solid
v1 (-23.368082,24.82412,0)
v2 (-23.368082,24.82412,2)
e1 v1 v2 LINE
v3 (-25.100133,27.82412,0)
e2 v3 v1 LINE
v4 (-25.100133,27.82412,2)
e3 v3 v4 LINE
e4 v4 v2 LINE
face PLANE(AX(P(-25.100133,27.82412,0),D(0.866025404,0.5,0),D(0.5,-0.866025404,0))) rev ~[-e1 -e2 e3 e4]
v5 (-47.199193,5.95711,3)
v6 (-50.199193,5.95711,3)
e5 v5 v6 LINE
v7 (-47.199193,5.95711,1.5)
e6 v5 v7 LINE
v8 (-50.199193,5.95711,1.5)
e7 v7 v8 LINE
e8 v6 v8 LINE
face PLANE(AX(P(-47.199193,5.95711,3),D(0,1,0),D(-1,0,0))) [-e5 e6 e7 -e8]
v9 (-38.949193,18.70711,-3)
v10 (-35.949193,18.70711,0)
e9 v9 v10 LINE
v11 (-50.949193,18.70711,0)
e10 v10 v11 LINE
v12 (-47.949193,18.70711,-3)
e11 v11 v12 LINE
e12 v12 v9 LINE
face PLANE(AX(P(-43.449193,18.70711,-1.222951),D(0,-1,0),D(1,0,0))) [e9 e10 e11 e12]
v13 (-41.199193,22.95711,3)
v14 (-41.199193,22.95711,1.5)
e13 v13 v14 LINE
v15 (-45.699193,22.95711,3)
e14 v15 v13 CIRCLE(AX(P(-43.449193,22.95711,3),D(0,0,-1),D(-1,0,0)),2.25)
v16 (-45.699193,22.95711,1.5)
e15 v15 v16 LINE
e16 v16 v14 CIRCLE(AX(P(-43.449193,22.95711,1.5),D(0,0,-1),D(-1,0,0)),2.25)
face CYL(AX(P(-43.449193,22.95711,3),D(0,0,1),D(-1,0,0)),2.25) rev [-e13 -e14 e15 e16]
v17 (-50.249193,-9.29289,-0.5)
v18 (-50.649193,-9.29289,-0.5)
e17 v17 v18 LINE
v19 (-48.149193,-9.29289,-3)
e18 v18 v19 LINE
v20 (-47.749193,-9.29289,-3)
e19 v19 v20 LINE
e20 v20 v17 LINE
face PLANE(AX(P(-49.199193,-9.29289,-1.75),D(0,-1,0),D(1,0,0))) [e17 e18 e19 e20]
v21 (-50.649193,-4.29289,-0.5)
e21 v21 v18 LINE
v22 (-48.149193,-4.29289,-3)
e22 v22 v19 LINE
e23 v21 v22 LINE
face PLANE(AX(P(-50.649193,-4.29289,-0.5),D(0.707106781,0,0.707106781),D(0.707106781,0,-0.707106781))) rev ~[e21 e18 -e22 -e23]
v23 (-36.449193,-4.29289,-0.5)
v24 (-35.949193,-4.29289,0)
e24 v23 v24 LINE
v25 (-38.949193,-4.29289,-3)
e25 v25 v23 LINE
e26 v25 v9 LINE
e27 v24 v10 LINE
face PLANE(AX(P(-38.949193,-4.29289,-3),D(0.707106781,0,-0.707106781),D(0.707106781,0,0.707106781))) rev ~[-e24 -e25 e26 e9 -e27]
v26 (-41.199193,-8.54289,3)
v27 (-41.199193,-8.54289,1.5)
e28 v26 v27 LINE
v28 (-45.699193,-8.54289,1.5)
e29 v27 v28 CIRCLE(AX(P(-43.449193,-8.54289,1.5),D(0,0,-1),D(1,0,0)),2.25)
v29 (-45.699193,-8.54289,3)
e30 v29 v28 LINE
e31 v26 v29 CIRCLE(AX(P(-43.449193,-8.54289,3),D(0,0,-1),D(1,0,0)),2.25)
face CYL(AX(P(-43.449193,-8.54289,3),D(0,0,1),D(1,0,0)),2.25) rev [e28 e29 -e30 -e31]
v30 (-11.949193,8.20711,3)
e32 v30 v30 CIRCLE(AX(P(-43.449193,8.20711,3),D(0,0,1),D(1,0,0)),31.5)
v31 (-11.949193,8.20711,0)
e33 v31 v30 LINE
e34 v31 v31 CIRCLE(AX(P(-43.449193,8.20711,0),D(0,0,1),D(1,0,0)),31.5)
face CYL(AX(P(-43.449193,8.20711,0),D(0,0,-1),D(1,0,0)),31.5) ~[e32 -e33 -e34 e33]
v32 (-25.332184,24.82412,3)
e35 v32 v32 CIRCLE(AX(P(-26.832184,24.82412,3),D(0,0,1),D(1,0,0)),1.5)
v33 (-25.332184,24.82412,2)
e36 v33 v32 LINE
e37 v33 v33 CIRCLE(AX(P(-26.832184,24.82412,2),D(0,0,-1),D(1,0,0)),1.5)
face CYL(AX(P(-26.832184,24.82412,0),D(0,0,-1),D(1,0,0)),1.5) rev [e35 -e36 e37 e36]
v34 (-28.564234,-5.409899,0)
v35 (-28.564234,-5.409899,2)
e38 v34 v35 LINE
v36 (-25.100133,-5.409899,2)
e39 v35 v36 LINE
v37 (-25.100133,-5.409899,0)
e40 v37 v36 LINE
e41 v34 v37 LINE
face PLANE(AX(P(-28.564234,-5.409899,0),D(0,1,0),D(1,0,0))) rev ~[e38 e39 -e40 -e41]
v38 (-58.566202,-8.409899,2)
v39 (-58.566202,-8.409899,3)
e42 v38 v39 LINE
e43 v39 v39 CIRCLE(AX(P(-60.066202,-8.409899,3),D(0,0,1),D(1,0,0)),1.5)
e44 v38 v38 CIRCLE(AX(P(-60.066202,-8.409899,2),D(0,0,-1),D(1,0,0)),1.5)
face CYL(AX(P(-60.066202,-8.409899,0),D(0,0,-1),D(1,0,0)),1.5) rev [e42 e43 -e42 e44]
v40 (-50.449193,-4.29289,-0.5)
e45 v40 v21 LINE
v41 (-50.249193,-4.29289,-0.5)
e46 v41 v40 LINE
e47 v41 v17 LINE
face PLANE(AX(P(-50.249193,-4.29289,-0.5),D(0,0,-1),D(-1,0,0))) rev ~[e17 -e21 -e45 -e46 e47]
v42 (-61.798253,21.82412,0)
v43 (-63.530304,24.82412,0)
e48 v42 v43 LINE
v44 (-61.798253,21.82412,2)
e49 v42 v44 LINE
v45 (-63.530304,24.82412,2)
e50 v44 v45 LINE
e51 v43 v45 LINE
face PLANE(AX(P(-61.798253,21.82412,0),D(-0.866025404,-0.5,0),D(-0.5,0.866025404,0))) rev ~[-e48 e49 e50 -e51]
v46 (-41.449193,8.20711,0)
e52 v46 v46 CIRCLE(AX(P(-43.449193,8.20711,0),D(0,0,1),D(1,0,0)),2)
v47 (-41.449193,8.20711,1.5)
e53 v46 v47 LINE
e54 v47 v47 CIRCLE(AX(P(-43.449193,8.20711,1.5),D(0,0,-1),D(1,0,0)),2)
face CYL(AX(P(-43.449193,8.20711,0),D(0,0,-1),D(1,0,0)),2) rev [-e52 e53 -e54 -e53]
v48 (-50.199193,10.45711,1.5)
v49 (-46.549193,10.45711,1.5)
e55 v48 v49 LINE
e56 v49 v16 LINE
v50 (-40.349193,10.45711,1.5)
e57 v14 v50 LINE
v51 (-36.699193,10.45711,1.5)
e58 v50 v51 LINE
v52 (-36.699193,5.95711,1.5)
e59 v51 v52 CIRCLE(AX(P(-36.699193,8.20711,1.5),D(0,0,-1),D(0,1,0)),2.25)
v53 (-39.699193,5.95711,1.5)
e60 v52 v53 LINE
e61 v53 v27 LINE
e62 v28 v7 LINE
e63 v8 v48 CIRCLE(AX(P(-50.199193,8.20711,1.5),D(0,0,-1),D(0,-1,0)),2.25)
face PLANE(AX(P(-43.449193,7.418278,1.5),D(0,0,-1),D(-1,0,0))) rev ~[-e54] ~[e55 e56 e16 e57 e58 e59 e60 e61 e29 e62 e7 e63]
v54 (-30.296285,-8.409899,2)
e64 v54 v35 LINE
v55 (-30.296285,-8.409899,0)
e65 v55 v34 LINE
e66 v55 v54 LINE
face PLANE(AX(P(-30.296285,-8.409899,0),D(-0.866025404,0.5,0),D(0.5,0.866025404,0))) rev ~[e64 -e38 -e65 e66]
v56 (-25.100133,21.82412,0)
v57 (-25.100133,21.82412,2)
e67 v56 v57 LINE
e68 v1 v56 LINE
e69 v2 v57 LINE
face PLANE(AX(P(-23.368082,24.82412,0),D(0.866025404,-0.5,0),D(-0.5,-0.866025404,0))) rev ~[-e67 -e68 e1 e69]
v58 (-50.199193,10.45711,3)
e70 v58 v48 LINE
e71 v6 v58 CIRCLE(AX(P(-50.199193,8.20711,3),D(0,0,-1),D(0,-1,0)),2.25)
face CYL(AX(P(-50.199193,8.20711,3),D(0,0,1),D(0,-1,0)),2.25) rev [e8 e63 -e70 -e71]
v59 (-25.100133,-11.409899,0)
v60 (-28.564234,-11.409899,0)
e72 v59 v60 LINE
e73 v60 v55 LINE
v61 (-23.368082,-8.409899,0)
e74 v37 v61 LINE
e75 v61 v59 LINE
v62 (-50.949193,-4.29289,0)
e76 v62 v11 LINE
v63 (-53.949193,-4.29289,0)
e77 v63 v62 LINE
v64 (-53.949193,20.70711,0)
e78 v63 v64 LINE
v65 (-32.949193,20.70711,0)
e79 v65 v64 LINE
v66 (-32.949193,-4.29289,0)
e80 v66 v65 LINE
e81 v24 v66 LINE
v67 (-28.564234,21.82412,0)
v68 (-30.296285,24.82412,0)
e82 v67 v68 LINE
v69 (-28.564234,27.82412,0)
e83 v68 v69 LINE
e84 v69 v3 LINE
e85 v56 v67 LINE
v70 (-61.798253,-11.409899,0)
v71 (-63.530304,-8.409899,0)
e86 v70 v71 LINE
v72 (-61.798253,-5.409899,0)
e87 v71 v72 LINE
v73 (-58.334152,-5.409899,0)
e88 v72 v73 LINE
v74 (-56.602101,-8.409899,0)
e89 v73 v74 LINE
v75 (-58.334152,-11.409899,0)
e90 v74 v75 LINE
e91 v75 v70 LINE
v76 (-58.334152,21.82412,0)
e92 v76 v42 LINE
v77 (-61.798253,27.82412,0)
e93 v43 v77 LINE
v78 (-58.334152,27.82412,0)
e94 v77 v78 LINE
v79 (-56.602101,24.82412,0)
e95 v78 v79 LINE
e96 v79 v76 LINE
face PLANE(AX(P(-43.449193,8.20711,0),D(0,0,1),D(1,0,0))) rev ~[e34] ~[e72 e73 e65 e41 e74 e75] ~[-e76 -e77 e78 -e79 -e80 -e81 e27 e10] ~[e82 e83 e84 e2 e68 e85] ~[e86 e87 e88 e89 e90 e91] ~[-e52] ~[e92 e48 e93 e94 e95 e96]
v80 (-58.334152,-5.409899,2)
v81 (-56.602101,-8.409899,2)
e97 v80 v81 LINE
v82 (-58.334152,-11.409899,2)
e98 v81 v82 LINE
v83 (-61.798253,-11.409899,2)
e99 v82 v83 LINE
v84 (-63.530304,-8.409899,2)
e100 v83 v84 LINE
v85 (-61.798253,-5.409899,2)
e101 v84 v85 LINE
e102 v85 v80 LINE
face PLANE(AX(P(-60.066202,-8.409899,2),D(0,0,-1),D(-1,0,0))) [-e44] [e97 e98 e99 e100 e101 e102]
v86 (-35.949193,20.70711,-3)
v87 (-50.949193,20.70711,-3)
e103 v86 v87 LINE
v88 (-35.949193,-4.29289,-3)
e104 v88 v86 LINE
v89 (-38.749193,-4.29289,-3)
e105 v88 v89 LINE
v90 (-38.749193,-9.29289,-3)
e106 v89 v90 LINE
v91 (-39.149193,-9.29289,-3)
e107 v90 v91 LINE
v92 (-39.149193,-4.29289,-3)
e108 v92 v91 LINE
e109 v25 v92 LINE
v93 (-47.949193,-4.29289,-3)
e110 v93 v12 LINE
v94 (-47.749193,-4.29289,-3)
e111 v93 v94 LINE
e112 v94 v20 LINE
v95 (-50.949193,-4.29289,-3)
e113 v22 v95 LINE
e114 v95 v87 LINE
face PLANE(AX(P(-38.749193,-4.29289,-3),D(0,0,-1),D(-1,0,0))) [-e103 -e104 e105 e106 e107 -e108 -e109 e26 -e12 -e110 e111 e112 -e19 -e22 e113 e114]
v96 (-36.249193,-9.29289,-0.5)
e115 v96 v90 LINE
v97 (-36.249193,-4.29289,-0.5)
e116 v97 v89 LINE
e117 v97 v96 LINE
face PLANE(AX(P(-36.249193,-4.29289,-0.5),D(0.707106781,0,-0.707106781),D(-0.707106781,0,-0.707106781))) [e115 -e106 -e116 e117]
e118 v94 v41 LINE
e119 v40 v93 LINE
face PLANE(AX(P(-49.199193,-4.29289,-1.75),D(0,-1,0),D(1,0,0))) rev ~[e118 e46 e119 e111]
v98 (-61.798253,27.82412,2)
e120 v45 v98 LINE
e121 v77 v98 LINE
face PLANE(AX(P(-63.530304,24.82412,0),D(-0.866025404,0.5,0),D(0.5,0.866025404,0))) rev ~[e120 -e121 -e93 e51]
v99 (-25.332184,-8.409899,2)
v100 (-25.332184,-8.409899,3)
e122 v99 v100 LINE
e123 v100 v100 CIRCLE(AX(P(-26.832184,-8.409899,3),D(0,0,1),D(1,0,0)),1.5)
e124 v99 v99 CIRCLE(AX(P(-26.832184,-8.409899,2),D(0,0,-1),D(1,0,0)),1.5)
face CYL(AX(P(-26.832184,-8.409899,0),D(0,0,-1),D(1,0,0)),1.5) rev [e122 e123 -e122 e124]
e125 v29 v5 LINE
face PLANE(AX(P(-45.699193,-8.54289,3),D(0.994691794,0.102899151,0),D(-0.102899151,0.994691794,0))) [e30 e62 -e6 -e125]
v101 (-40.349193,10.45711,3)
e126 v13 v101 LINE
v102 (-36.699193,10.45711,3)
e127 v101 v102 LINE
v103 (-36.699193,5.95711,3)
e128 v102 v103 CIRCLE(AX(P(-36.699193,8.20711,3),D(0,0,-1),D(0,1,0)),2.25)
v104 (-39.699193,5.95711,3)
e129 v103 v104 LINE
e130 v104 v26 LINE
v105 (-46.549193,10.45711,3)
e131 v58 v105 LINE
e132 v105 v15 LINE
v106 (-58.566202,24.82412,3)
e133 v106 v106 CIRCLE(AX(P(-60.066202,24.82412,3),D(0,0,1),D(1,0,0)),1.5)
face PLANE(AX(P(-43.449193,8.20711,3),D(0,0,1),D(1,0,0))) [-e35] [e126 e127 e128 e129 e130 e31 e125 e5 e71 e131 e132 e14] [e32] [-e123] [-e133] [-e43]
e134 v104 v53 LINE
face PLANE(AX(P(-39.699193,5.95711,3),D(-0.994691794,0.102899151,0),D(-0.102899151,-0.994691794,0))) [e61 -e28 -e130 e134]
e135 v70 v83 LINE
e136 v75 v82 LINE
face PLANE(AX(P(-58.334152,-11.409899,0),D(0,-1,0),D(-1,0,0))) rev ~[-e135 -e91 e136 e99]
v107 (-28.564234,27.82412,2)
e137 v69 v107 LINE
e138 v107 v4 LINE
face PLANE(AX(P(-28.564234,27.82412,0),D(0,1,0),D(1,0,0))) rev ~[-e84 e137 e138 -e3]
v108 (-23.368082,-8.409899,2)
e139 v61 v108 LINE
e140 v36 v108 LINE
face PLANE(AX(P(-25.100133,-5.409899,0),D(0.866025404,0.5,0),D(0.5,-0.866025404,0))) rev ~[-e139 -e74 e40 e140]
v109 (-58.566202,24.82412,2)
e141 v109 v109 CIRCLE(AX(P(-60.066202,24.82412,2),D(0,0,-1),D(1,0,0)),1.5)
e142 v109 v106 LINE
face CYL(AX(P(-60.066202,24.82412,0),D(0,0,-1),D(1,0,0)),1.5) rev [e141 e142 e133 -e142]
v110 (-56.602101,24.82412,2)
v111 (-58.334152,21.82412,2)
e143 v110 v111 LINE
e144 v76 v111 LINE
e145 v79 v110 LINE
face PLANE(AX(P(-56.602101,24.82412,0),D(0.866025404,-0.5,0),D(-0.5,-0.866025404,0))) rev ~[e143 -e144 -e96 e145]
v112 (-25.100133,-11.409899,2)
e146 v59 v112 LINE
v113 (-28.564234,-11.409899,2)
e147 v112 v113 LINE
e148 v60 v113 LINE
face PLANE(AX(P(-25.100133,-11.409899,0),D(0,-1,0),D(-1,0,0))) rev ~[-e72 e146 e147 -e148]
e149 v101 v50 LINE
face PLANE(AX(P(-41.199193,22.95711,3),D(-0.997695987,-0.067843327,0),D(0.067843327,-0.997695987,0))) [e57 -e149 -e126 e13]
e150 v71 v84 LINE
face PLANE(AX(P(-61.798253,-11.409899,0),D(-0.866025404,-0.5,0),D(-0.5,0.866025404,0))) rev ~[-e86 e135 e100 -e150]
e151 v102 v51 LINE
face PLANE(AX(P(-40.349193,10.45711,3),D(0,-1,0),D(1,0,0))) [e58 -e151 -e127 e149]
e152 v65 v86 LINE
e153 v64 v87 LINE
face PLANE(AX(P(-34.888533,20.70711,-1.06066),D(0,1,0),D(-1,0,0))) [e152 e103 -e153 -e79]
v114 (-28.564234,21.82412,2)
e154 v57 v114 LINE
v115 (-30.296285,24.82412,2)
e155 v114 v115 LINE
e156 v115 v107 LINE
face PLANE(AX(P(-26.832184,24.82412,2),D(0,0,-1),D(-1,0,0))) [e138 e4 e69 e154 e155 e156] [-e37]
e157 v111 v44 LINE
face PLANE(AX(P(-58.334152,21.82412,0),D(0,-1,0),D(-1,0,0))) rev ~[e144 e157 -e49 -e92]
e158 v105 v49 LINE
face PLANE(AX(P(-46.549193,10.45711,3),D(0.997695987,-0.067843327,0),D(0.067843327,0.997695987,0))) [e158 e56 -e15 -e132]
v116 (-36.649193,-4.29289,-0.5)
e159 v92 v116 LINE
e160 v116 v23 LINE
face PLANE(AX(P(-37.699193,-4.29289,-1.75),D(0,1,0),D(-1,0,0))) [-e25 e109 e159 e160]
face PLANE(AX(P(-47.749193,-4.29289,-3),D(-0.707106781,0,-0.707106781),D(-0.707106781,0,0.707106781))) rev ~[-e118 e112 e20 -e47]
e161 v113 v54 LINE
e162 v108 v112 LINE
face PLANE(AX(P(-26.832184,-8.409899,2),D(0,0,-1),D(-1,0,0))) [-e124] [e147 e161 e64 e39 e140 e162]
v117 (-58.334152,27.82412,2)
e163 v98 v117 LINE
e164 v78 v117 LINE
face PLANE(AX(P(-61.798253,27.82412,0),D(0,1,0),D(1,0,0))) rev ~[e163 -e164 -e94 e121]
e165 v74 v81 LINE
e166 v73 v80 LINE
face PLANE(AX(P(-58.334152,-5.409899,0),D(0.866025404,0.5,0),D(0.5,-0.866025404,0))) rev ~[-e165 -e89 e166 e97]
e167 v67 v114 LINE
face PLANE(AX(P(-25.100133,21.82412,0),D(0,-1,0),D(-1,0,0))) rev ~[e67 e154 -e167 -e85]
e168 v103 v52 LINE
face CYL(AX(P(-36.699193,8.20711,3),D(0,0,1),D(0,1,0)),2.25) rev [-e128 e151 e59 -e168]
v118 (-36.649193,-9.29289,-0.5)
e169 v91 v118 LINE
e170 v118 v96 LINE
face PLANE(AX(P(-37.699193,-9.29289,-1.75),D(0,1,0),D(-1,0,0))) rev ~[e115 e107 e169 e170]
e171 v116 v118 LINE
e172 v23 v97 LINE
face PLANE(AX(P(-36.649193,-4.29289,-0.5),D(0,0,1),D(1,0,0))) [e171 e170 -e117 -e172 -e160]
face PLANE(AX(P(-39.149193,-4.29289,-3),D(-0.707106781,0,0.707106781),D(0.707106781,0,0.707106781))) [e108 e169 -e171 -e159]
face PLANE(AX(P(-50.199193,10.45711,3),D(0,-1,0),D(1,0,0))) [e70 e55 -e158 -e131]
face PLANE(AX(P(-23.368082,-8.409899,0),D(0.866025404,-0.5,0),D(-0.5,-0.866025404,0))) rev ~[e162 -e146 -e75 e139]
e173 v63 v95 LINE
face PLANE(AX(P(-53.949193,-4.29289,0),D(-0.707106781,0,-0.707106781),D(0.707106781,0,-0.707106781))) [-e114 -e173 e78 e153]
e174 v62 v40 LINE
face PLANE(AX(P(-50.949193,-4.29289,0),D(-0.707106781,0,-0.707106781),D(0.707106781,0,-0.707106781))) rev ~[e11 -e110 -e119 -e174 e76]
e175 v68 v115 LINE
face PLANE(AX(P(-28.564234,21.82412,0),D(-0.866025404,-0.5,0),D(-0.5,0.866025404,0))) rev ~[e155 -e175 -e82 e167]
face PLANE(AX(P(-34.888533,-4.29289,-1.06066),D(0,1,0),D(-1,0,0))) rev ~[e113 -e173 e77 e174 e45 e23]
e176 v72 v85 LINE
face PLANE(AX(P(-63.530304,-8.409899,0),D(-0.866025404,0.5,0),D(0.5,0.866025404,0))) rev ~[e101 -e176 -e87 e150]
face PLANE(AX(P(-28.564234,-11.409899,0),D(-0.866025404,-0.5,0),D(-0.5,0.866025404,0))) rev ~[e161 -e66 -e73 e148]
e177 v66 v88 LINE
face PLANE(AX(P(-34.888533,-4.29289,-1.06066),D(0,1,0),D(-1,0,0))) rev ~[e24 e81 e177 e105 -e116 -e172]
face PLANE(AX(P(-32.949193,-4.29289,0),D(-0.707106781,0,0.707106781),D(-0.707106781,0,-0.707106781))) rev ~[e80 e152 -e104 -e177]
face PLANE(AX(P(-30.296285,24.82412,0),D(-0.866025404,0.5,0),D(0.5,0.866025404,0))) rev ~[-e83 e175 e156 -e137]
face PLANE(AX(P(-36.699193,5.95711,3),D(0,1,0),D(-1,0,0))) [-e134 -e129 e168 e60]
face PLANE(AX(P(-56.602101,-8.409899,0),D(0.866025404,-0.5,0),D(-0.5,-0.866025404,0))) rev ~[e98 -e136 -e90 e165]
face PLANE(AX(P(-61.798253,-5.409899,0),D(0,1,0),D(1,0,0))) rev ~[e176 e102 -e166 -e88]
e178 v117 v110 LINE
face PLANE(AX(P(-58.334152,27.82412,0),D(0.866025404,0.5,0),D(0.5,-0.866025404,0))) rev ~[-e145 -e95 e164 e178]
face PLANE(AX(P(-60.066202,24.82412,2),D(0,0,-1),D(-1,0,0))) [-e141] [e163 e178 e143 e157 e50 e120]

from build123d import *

# Parameters (mm, degrees)
CROQUIS1_R              = 31.5
CROQUIS1_R_2            = 1.5
CROQUIS1_R_3            = 2
SALIENTE_EXTRUIR1_DEPTH = 3
CORTAR_EXTRUIR2_DEPTH   = 1.5
CROQUIS4_W              = 15
CROQUIS4_H              = 25
SALIENTE_EXTRUIR2_DEPTH = 3
SALIENTE_EXTRUIR3_DEPTH = 25
CORTAR_EXTRUIR3_DEPTH   = 23
SALIENTE_EXTRUIR4_DEPTH = 5
CORTAR_EXTRUIR4_DEPTH   = 2


with BuildPart() as part:
    # Croquis1 → Saliente-Extruir1 (new body)
    with BuildSketch(Plane.XY):
        with Locations((-43.449193048, 8.207110309)):
            Circle(CROQUIS1_R)
        with Locations((-60.066202406, 24.824119667)):
            Circle(CROQUIS1_R_2, mode=Mode.SUBTRACT)
        with Locations((-26.83218369, 24.824119667)):
            Circle(CROQUIS1_R_2, mode=Mode.SUBTRACT)
        with Locations((-26.83218369, -8.409899049)):
            Circle(CROQUIS1_R_2, mode=Mode.SUBTRACT)
        with Locations((-60.066202406, -8.409899049)):
            Circle(CROQUIS1_R_2, mode=Mode.SUBTRACT)
        with Locations((-43.449193048, 8.207110309)):
            Circle(CROQUIS1_R_3, mode=Mode.SUBTRACT)
    extrude(amount=SALIENTE_EXTRUIR1_DEPTH)

    # Croquis3 → Cortar-Extruir2 (cut)
    with BuildSketch(Plane.XY.offset(3)):
        with BuildLine():
            Line((-41.199193048, 22.957110309), (-40.349193048, 10.457110309))
            Line((-40.349193048, 10.457110309), (-36.699193048, 10.457110309))
            ThreePointArc((-36.699193048, 10.457110309), (-34.449193048, 8.207110309), (-36.699193048, 5.957110309))
            Line((-36.699193048, 5.957110309), (-39.699193048, 5.957110309))
            Line((-39.699193048, 5.957110309), (-41.199193048, -8.542889691))
            ThreePointArc((-41.199193048, -8.542889691), (-43.449193048, -10.792889691), (-45.699193048, -8.542889691))
            Line((-45.699193048, -8.542889691), (-47.199193048, 5.957110309))
            Line((-47.199193048, 5.957110309), (-50.199193048, 5.957110309))
            ThreePointArc((-50.199193048, 5.957110309), (-52.449193048, 8.207110309), (-50.199193048, 10.457110309))
            Line((-50.199193048, 10.457110309), (-46.549193048, 10.457110309))
            Line((-46.549193048, 10.457110309), (-45.699193048, 22.957110309))
            ThreePointArc((-45.699193048, 22.957110309), (-43.449193048, 25.207110309), (-41.199193048, 22.957110309))
        make_face()
    extrude(amount=-CORTAR_EXTRUIR2_DEPTH, mode=Mode.SUBTRACT)

    # Croquis4 → Saliente-Extruir2 (add)
    with BuildSketch(Plane(origin=(0, 0, 0), x_dir=(-1, 0, 0), z_dir=(0, 0, -1))):
        with Locations((43.449193048, 8.207110309)):
            Rectangle(CROQUIS4_W, CROQUIS4_H)
    extrude(amount=SALIENTE_EXTRUIR2_DEPTH)

    # Croquis5 → Saliente-Extruir3 (add)
    with BuildSketch(Plane.XZ.offset(4.292889691)):
        Polygon((-35.949193048, 0), (-32.949193048, 0), (-35.949193048, -3), align=None)
        Polygon((-50.949193048, 0), (-53.949193048, 0), (-50.949193048, -3), align=None)
    extrude(amount=-SALIENTE_EXTRUIR3_DEPTH)

    # Croquis6 → Cortar-Extruir3 (cut)
    with BuildSketch(Plane.XZ.offset(4.292889691)):
        Polygon((-35.949193048, 0), (-50.949193048, 0), (-47.949193048, -3), (-38.949193048, -3), align=None)
    extrude(amount=-CORTAR_EXTRUIR3_DEPTH, mode=Mode.SUBTRACT)

    # Croquis7 → Saliente-Extruir4 (add)
    with BuildSketch(Plane.XZ.offset(4.292889691)):
        Polygon((-39.149193048, -3), (-36.649193048, -0.5), (-36.249193048, -0.5), (-38.749193048, -3), align=None)
        Polygon((-50.249193048, -0.5), (-50.649193048, -0.5), (-48.149193048, -3), (-47.749193048, -3), align=None)
    extrude(amount=SALIENTE_EXTRUIR4_DEPTH)

    # Croquis8 → Cortar-Extruir4 (cut)
    with BuildSketch(Plane(origin=(0, 0, 0), x_dir=(-1, 0, 0), z_dir=(0, 0, -1))):
        Polygon((30.296285305, 24.824119667), (28.564234497, 27.824119667), (25.100132882, 27.824119667), (23.368082075, 24.824119667), (25.100132882, 21.824119667), (28.564234497, 21.824119667), align=None)
        Polygon((63.530304021, 24.824119667), (61.798253213, 27.824119667), (58.334151598, 27.824119667), (56.60210079, 24.824119667), (58.334151598, 21.824119667), (61.798253213, 21.824119667), align=None)
        Polygon((30.296285305, -8.409899049), (28.564234497, -5.409899049), (25.100132882, -5.409899049), (23.368082075, -8.409899049), (25.100132882, -11.409899049), (28.564234497, -11.409899049), align=None)
        Polygon((63.530304021, -8.409899049), (61.798253213, -5.409899049), (58.334151598, -5.409899049), (56.60210079, -8.409899049), (58.334151598, -11.409899049), (61.798253213, -11.409899049), align=None)
    extrude(amount=-CORTAR_EXTRUIR4_DEPTH, mode=Mode.SUBTRACT)


solid = part.part
